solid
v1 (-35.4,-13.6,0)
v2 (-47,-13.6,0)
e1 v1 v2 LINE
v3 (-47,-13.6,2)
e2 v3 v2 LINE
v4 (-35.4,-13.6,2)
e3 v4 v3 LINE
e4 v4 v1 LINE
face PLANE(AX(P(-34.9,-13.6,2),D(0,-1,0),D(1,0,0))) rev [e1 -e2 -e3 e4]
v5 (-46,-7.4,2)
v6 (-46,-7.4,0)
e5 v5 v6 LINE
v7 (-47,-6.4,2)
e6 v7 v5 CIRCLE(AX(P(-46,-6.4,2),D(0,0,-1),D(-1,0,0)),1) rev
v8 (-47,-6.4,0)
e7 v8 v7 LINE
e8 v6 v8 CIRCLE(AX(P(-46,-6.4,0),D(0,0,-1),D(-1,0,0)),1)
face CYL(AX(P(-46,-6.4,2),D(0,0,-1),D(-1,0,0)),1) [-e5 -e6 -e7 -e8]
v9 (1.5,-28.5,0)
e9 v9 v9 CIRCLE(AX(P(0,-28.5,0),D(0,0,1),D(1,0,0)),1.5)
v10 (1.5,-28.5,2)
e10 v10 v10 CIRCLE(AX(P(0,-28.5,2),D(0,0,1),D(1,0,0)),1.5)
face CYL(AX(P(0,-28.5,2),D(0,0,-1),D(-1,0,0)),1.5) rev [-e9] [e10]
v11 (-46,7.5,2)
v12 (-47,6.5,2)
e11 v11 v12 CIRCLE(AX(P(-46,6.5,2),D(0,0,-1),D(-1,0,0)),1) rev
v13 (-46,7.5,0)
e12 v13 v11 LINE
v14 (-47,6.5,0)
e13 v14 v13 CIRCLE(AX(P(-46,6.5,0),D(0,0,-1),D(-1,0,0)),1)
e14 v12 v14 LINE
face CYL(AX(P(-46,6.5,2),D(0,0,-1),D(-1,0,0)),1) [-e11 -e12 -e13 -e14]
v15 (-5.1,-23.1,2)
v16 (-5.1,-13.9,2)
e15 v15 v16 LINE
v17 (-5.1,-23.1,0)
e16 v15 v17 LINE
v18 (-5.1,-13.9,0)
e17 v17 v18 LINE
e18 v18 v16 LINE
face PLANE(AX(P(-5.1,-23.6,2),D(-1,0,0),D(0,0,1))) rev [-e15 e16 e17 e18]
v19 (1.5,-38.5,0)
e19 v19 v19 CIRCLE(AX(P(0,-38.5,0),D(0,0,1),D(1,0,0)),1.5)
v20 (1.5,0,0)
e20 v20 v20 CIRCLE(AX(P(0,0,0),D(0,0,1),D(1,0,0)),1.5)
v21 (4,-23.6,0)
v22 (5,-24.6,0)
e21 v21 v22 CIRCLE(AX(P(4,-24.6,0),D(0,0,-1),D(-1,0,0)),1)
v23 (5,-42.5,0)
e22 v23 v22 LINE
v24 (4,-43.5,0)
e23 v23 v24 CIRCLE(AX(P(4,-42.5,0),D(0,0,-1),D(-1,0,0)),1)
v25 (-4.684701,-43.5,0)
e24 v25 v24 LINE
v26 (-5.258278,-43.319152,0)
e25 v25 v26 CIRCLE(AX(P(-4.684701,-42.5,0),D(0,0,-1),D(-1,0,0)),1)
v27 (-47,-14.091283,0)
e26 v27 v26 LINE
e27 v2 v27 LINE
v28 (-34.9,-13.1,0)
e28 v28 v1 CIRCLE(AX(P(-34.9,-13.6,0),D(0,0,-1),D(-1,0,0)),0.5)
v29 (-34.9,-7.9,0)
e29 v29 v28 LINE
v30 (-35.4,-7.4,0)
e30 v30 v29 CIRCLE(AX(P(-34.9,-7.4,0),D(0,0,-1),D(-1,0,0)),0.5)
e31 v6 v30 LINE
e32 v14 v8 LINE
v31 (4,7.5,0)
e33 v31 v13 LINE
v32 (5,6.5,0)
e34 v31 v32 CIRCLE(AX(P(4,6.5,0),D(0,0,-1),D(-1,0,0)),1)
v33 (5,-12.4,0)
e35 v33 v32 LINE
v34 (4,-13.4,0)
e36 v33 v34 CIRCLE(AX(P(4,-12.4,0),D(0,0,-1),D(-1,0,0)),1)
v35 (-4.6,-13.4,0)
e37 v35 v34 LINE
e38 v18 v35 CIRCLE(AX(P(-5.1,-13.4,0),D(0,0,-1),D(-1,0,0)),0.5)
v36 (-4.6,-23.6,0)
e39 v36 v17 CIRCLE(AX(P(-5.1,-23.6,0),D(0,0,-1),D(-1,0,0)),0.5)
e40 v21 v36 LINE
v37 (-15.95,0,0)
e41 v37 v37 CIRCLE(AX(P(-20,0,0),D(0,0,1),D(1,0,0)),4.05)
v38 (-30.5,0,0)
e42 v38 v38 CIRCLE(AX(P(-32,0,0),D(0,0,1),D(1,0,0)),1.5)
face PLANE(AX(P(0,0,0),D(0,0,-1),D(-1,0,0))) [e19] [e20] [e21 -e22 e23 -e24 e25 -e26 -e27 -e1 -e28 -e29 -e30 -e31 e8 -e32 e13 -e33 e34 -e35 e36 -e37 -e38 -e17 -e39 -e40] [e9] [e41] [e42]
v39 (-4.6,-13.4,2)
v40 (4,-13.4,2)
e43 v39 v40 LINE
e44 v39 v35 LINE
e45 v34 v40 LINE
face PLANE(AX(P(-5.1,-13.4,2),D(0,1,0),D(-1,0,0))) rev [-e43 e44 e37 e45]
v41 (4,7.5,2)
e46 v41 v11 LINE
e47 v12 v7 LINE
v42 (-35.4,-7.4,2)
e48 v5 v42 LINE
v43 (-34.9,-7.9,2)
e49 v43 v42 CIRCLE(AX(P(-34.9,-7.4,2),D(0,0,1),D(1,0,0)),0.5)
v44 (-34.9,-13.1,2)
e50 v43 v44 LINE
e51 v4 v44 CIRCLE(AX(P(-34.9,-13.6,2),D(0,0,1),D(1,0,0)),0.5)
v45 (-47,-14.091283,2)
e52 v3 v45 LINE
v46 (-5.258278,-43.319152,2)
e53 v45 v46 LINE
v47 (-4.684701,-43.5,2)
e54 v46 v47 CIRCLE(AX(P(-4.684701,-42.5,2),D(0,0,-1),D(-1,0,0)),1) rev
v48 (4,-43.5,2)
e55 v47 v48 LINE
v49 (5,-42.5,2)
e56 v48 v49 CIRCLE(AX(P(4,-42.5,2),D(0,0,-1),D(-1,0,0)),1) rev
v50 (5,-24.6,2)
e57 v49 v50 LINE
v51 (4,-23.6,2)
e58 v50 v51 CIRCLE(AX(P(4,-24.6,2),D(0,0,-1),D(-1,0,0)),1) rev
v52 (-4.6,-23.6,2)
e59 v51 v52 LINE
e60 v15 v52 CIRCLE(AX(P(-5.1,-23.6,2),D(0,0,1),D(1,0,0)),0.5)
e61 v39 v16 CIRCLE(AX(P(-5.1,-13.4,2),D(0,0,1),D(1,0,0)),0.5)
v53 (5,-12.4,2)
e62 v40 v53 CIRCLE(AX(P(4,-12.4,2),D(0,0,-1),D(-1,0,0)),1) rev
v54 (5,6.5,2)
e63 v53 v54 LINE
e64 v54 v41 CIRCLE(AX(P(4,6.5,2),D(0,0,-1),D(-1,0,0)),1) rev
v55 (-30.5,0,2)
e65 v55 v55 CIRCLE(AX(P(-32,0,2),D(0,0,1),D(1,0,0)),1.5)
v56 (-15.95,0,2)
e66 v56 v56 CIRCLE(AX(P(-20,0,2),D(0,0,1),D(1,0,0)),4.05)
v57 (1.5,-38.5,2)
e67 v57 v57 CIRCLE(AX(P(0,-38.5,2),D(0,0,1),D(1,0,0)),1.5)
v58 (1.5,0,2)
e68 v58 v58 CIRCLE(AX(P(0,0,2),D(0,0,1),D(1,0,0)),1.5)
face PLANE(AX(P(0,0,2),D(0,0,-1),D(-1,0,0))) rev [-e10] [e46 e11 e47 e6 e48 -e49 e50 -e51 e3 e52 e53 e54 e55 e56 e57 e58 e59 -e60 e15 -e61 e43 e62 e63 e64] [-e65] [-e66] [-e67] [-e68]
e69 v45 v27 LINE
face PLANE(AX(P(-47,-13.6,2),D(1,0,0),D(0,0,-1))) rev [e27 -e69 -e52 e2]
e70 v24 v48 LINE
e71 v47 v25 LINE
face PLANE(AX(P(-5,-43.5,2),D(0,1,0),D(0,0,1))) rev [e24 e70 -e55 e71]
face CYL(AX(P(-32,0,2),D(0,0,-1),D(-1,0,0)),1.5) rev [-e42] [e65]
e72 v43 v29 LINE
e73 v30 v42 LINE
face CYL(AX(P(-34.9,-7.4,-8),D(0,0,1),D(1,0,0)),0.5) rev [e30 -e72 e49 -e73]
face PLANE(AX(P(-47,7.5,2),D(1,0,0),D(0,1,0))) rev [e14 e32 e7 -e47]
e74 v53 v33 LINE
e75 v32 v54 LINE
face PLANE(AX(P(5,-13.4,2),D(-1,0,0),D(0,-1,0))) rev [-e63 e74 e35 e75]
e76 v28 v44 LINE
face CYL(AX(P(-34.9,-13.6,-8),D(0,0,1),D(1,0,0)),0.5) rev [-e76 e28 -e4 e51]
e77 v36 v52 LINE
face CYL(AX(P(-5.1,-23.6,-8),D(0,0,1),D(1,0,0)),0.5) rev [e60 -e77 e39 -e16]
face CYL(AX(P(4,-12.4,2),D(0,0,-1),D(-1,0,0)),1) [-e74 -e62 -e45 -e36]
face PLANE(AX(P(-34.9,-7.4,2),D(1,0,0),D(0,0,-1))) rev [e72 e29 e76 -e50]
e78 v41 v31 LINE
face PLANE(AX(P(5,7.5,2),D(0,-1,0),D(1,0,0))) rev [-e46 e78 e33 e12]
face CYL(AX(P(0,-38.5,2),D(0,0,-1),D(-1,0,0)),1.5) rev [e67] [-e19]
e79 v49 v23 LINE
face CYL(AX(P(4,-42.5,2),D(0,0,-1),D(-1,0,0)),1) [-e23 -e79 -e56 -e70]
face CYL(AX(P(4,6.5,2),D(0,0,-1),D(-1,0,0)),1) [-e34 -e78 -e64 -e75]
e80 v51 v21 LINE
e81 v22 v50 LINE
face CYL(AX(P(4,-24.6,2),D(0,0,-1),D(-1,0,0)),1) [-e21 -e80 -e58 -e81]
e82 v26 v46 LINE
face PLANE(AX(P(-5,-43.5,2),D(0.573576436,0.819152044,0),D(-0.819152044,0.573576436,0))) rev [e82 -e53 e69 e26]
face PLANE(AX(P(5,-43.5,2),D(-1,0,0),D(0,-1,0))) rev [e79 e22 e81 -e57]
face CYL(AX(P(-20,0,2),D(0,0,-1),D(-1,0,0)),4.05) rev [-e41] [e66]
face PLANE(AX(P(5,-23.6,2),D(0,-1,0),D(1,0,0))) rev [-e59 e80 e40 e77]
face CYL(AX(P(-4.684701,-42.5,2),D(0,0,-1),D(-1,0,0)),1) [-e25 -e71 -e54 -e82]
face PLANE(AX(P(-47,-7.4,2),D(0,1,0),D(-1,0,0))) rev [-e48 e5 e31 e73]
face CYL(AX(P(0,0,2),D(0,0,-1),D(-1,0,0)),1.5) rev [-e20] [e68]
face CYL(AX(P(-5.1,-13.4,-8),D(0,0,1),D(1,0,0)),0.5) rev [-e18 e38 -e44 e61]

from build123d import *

# Parameters (mm, degrees)
SKETCH_1_R          = 1.5
SKETCH_1_R_2        = 4.05
EXTRUDE_1_DEPTH     = 2
SKETCH_2_R          = 0.5
CUT_EXTRUDE_1_DEPTH = 10
FILLET_1_R          = 1


with BuildPart() as part:
    # 草图1 → 凸台-拉伸1 (new body)
    with BuildSketch(Plane.XY):
        Polygon((-5, -43.5), (5, -43.5), (5, -23.6), (-5.1, -23.6), (-5.1, -13.4), (5, -13.4), (5, 7.5), (-47, 7.5), (-47, -7.4), (-34.9, -7.4), (-34.9, -13.6), (-47, -13.6), (-47, -14.091283395), align=None)
        with Locations((-32, 0)):
            Circle(SKETCH_1_R, mode=Mode.SUBTRACT)
        Circle(SKETCH_1_R, mode=Mode.SUBTRACT)
        with Locations((0, -38.5)):
            Circle(SKETCH_1_R, mode=Mode.SUBTRACT)
        with Locations((0, -28.5)):
            Circle(SKETCH_1_R, mode=Mode.SUBTRACT)
        with Locations((-20, 0)):
            Circle(SKETCH_1_R_2, mode=Mode.SUBTRACT)
    extrude(amount=EXTRUDE_1_DEPTH)

    # 草图2 → 切除-拉伸1 (cut)
    with BuildSketch(Plane.XY.offset(2)):
        with Locations((-34.9, -7.4)):
            Circle(SKETCH_2_R)
        with Locations((-34.9, -13.6)):
            Circle(SKETCH_2_R)
        with Locations((-5.1, -13.4)):
            Circle(SKETCH_2_R)
        with Locations((-5.1, -23.6)):
            Circle(SKETCH_2_R)
    extrude(amount=-CUT_EXTRUDE_1_DEPTH, mode=Mode.SUBTRACT)

    # 圆角1
    fillet_1_edges = [part.edges().sort_by_distance(p)[0] for p in [
        (-47, -7.4, 1),
        (-47, 7.5, 1),
        (5, 7.5, 1),
        (5, -13.4, 1),
        (5, -23.6, 1),
        (5, -43.5, 1),
        (-5, -43.5, 1),
    ]]
    fillet(fillet_1_edges, radius=FILLET_1_R)


solid = part.part
